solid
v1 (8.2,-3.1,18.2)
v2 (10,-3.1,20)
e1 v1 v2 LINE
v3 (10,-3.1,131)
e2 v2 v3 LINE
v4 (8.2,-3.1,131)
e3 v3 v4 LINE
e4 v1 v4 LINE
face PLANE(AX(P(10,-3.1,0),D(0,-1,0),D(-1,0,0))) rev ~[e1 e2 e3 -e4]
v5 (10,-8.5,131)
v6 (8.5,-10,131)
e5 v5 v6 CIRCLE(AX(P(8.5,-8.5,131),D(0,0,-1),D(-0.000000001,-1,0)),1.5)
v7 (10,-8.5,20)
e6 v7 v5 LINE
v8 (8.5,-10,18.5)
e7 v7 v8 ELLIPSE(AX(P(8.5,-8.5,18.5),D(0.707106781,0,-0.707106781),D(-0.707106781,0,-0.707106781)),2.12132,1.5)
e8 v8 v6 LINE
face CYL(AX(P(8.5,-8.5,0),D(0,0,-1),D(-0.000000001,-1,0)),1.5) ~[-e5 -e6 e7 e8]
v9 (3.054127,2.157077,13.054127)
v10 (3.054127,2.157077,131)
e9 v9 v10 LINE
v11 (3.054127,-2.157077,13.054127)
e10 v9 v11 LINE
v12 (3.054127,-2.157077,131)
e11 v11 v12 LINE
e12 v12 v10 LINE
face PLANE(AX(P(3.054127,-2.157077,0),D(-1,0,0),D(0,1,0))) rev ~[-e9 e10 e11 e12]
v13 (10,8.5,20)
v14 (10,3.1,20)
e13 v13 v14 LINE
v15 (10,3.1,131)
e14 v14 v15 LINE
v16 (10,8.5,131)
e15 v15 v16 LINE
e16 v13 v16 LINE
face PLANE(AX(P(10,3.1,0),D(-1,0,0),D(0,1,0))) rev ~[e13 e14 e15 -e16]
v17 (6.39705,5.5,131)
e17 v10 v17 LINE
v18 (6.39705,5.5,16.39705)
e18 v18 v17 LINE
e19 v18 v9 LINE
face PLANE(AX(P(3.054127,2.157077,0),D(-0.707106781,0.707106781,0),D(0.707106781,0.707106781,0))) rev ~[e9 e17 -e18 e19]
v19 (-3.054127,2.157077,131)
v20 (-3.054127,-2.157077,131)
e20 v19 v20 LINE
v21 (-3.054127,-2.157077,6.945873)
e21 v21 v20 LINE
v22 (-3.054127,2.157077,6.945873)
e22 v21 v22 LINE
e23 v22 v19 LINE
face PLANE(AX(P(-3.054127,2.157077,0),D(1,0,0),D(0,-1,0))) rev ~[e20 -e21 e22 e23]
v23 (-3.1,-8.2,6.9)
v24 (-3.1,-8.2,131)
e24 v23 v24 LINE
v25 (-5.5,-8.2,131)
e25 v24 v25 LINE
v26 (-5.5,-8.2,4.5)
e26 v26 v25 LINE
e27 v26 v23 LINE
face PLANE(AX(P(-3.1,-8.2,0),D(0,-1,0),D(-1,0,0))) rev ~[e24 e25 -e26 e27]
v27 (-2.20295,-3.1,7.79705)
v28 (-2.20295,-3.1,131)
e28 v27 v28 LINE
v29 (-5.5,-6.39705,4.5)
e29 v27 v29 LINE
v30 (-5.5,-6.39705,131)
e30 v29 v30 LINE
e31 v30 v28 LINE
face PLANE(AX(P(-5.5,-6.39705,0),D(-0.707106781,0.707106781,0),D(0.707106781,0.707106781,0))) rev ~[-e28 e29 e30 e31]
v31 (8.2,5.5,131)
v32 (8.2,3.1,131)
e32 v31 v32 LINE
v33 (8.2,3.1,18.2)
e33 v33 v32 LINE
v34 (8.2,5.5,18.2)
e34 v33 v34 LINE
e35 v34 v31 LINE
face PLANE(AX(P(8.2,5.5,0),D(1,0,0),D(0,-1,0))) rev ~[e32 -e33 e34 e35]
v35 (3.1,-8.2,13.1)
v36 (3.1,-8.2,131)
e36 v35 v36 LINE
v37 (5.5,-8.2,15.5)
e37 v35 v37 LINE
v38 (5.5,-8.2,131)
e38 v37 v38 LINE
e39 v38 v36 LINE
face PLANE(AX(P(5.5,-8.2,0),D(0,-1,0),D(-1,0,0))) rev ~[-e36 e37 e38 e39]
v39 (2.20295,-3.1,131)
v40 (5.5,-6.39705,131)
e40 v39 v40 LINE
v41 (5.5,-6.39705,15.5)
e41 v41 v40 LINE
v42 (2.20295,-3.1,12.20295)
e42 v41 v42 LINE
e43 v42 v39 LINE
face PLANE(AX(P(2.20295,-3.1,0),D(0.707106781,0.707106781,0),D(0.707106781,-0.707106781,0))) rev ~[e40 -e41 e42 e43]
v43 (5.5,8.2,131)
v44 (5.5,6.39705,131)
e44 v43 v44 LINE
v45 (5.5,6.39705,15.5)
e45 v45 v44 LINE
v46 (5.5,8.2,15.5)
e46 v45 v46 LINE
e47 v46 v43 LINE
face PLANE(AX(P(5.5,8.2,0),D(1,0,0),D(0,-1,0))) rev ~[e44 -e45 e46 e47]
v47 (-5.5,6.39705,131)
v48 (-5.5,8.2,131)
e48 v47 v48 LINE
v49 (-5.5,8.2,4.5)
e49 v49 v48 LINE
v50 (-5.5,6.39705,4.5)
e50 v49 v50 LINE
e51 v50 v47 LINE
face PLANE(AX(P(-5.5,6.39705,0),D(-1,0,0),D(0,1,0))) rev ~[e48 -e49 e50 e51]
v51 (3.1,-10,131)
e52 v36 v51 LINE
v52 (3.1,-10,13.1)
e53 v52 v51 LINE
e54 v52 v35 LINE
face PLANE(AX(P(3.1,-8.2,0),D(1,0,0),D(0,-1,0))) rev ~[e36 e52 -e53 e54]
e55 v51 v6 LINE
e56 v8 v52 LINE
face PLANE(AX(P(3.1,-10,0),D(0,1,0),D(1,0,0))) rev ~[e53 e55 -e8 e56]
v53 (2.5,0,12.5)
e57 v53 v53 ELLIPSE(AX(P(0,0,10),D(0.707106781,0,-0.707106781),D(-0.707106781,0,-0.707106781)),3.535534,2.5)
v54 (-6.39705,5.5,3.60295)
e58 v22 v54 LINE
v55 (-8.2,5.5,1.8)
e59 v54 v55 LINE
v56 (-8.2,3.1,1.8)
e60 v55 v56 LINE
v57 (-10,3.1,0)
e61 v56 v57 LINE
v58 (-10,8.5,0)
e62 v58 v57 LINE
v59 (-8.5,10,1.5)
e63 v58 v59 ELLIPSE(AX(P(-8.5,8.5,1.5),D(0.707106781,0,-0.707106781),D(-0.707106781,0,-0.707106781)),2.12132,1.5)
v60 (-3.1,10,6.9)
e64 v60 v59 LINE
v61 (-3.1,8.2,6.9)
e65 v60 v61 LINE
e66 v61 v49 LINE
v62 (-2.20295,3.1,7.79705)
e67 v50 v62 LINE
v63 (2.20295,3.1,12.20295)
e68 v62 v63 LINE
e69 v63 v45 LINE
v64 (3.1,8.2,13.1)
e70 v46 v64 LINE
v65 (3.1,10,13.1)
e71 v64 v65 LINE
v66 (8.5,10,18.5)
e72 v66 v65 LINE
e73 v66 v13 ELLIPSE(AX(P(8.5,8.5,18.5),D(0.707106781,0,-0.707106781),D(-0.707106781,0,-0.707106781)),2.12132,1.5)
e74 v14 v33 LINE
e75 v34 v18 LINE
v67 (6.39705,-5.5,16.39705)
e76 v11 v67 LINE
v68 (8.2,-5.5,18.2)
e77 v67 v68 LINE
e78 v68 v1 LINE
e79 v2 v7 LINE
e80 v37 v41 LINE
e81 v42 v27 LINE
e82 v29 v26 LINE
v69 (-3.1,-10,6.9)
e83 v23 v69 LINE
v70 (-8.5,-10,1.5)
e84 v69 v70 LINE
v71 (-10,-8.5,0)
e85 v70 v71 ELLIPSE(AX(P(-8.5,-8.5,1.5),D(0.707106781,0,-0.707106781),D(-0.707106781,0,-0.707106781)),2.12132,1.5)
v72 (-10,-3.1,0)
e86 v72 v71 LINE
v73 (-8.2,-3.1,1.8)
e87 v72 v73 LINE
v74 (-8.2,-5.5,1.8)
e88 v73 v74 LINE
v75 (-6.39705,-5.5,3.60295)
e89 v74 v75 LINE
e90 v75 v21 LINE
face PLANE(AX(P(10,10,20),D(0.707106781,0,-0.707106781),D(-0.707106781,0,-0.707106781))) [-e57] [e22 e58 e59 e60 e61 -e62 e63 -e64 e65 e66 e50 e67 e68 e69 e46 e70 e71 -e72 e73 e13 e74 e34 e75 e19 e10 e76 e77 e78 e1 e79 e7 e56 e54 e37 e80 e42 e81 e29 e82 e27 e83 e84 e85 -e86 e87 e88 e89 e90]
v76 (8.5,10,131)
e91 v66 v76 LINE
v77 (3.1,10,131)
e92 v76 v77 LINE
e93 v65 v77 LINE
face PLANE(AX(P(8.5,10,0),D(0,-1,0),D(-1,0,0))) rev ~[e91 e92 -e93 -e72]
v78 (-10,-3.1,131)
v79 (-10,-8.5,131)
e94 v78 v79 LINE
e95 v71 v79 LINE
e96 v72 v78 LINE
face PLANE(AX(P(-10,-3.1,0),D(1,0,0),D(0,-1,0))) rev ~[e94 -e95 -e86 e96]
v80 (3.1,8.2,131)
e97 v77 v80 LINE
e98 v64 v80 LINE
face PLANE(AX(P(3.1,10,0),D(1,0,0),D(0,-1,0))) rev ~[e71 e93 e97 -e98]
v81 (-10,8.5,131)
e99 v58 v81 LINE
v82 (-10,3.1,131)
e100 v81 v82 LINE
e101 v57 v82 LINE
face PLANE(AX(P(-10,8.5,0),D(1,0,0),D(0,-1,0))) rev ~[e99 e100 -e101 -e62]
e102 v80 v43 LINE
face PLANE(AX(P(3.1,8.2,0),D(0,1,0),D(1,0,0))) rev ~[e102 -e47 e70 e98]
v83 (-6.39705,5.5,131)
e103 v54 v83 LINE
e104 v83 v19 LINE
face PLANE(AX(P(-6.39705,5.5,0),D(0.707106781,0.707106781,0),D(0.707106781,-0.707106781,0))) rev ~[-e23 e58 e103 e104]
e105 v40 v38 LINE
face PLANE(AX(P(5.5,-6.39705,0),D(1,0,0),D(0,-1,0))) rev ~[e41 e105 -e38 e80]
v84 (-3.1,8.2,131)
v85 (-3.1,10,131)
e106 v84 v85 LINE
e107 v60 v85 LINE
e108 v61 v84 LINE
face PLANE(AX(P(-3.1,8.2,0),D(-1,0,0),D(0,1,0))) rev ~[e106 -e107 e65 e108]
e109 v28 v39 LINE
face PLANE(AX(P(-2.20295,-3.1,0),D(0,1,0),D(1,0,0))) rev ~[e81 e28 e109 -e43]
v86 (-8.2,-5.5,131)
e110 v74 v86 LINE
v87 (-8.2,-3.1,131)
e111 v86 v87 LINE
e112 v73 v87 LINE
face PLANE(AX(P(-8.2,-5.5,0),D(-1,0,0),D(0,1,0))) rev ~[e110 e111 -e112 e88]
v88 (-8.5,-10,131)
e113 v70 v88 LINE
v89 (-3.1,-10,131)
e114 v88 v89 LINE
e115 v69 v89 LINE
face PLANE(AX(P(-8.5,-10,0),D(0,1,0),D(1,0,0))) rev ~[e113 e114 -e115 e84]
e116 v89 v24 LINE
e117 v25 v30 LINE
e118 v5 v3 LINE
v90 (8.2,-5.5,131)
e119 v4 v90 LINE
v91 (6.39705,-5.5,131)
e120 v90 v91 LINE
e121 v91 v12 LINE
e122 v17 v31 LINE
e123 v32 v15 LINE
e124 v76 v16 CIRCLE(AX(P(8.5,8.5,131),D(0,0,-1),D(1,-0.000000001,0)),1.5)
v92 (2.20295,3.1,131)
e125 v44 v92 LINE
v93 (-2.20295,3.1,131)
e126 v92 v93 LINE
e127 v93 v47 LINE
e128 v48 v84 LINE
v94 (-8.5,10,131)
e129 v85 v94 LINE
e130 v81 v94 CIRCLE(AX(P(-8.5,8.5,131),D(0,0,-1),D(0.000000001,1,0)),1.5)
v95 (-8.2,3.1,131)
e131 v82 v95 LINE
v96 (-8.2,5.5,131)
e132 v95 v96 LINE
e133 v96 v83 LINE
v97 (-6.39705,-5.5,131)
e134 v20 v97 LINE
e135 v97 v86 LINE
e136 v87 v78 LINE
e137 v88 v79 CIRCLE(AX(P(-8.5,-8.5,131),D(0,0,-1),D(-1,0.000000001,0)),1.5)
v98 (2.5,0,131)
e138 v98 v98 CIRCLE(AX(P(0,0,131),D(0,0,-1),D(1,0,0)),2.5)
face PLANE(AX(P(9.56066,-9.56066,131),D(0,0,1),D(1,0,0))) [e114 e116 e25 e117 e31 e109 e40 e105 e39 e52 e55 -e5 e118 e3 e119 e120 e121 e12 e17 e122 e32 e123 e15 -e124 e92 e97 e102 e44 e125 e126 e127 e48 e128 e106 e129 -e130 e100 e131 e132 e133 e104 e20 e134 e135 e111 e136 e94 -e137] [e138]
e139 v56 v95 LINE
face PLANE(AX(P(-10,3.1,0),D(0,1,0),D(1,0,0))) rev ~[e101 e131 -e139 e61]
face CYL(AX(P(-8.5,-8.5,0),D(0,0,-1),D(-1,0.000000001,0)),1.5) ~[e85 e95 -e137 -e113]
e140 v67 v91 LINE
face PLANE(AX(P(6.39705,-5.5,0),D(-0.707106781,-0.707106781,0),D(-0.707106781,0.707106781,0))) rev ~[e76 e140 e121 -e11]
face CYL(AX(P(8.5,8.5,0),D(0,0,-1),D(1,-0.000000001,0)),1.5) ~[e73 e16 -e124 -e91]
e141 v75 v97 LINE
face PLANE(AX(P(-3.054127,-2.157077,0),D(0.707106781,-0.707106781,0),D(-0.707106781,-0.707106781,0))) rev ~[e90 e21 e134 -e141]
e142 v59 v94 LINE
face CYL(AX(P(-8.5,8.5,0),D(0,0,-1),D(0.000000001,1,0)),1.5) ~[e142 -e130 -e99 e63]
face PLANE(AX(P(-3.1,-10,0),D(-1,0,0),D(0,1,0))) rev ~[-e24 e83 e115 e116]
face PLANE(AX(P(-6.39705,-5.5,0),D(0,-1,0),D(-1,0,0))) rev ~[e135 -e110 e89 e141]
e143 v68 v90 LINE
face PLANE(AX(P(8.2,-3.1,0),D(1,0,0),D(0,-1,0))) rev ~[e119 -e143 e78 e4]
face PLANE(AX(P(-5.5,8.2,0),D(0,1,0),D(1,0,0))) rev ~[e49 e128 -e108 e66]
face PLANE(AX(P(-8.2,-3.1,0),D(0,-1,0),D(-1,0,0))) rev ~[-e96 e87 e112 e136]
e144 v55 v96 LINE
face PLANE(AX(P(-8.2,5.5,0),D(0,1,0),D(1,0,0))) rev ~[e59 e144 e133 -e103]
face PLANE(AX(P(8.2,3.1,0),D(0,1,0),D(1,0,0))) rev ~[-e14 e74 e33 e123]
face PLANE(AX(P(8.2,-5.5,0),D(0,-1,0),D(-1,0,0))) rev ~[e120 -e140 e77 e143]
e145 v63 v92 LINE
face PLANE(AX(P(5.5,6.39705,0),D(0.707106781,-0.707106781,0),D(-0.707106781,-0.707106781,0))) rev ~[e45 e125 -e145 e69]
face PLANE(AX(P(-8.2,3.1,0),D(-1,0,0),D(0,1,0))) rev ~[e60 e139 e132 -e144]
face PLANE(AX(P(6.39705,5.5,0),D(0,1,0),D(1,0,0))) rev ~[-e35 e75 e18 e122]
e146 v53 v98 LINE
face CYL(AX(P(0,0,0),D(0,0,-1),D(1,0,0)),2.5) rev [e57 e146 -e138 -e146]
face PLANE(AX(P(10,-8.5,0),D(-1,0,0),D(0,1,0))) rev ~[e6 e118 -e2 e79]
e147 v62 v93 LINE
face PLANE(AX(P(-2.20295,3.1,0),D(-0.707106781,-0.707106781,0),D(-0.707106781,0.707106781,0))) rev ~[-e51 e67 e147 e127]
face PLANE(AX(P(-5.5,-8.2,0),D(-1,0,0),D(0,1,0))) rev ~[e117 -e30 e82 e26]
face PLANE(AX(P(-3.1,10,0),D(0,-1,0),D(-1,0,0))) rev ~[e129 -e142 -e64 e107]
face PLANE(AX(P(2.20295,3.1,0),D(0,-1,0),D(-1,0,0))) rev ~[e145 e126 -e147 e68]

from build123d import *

# Parameters (mm, degrees)
SKETCH_1_R          = 2.5
EXTRUDE_1_DEPTH     = 371
CUT_EXTRUDE_1_DEPTH = 372.673243589
SKETCH_3_W          = 49.042761982
SKETCH_3_H          = 45.736729066
CUT_EXTRUDE_2_DEPTH = 240


with BuildPart() as part:
    # 草图1 → 凸台-拉伸1 (new body)
    with BuildSketch(Plane.XY):
        with BuildLine():
            Line((-8.2, -3.1), (-10, -3.1))
            Line((-10, -3.1), (-10, -8.5))
            ThreePointArc((-10, -8.5), (-9.560660172, -9.560660172), (-8.5, -10))
            Line((-8.5, -10), (-3.1, -10))
            Line((-3.1, -10), (-3.1, -8.2))
            Line((-3.1, -8.2), (-5.5, -8.2))
            Line((-5.5, -8.2), (-5.5, -6.397050155))
            Line((-5.5, -6.397050155), (-2.202949845, -3.1))
            Line((-2.202949845, -3.1), (2.202949845, -3.1))
            Line((2.202949845, -3.1), (5.5, -6.397050155))
            Line((5.5, -6.397050155), (5.5, -8.2))
            Line((5.5, -8.2), (3.1, -8.2))
            Line((3.1, -8.2), (3.1, -10))
            Line((3.1, -10), (8.5, -10))
            ThreePointArc((8.5, -10), (9.560660172, -9.560660172), (10, -8.5))
            Line((10, -8.5), (10, -3.1))
            Line((10, -3.1), (8.2, -3.1))
            Line((8.2, -3.1), (8.2, -5.5))
            Line((8.2, -5.5), (6.397050155, -5.5))
            Line((6.397050155, -5.5), (3.05412702, -2.157076865))
            Line((3.05412702, -2.157076865), (3.05412702, 2.157076865))
            Line((3.05412702, 2.157076865), (6.397050155, 5.5))
            Line((6.397050155, 5.5), (8.2, 5.5))
            Line((8.2, 5.5), (8.2, 3.1))
            Line((8.2, 3.1), (10, 3.1))
            Line((10, 3.1), (10, 8.5))
            ThreePointArc((10, 8.5), (9.560660172, 9.560660172), (8.5, 10))
            Line((8.5, 10), (3.1, 10))
            Line((3.1, 10), (3.1, 8.2))
            Line((3.1, 8.2), (5.5, 8.2))
            Line((5.5, 8.2), (5.5, 6.397050155))
            Line((5.5, 6.397050155), (2.202949845, 3.1))
            Line((2.202949845, 3.1), (-2.202949845, 3.1))
            Line((-2.202949845, 3.1), (-5.5, 6.397050155))
            Line((-5.5, 6.397050155), (-5.5, 8.2))
            Line((-5.5, 8.2), (-3.1, 8.2))
            Line((-3.1, 8.2), (-3.1, 10))
            Line((-3.1, 10), (-8.5, 10))
            ThreePointArc((-8.5, 10), (-9.560660172, 9.560660172), (-10, 8.5))
            Line((-10, 8.5), (-10, 3.1))
            Line((-10, 3.1), (-8.2, 3.1))
            Line((-8.2, 3.1), (-8.2, 5.5))
            Line((-8.2, 5.5), (-6.397050155, 5.5))
            Line((-6.397050155, 5.5), (-3.05412702, 2.157076865))
            Line((-3.05412702, 2.157076865), (-3.05412702, -2.157076865))
            Line((-3.05412702, -2.157076865), (-6.397050155, -5.5))
            Line((-6.397050155, -5.5), (-8.2, -5.5))
            Line((-8.2, -5.5), (-8.2, -3.1))
        make_face()
        Circle(SKETCH_1_R, mode=Mode.SUBTRACT)
    extrude(amount=EXTRUDE_1_DEPTH)

    # 草图2 → 切除-拉伸1 (cut, through all)
    with BuildSketch(Plane(origin=(0, 10, 0), x_dir=(1, 0, 0), z_dir=(0, 1, 0))):
        Polygon((10, 0), (10, -20), (-10, 0), align=None)
    extrude(amount=-CUT_EXTRUDE_1_DEPTH, mode=Mode.SUBTRACT)

    # 草图3 → 切除-拉伸2 (cut)
    with BuildSketch(Plane.XY.offset(371)):
        with Locations((9.560660172, -9.560660172)):
            Rectangle(SKETCH_3_W, SKETCH_3_H)
    extrude(amount=-CUT_EXTRUDE_2_DEPTH, mode=Mode.SUBTRACT)


solid = part.part
